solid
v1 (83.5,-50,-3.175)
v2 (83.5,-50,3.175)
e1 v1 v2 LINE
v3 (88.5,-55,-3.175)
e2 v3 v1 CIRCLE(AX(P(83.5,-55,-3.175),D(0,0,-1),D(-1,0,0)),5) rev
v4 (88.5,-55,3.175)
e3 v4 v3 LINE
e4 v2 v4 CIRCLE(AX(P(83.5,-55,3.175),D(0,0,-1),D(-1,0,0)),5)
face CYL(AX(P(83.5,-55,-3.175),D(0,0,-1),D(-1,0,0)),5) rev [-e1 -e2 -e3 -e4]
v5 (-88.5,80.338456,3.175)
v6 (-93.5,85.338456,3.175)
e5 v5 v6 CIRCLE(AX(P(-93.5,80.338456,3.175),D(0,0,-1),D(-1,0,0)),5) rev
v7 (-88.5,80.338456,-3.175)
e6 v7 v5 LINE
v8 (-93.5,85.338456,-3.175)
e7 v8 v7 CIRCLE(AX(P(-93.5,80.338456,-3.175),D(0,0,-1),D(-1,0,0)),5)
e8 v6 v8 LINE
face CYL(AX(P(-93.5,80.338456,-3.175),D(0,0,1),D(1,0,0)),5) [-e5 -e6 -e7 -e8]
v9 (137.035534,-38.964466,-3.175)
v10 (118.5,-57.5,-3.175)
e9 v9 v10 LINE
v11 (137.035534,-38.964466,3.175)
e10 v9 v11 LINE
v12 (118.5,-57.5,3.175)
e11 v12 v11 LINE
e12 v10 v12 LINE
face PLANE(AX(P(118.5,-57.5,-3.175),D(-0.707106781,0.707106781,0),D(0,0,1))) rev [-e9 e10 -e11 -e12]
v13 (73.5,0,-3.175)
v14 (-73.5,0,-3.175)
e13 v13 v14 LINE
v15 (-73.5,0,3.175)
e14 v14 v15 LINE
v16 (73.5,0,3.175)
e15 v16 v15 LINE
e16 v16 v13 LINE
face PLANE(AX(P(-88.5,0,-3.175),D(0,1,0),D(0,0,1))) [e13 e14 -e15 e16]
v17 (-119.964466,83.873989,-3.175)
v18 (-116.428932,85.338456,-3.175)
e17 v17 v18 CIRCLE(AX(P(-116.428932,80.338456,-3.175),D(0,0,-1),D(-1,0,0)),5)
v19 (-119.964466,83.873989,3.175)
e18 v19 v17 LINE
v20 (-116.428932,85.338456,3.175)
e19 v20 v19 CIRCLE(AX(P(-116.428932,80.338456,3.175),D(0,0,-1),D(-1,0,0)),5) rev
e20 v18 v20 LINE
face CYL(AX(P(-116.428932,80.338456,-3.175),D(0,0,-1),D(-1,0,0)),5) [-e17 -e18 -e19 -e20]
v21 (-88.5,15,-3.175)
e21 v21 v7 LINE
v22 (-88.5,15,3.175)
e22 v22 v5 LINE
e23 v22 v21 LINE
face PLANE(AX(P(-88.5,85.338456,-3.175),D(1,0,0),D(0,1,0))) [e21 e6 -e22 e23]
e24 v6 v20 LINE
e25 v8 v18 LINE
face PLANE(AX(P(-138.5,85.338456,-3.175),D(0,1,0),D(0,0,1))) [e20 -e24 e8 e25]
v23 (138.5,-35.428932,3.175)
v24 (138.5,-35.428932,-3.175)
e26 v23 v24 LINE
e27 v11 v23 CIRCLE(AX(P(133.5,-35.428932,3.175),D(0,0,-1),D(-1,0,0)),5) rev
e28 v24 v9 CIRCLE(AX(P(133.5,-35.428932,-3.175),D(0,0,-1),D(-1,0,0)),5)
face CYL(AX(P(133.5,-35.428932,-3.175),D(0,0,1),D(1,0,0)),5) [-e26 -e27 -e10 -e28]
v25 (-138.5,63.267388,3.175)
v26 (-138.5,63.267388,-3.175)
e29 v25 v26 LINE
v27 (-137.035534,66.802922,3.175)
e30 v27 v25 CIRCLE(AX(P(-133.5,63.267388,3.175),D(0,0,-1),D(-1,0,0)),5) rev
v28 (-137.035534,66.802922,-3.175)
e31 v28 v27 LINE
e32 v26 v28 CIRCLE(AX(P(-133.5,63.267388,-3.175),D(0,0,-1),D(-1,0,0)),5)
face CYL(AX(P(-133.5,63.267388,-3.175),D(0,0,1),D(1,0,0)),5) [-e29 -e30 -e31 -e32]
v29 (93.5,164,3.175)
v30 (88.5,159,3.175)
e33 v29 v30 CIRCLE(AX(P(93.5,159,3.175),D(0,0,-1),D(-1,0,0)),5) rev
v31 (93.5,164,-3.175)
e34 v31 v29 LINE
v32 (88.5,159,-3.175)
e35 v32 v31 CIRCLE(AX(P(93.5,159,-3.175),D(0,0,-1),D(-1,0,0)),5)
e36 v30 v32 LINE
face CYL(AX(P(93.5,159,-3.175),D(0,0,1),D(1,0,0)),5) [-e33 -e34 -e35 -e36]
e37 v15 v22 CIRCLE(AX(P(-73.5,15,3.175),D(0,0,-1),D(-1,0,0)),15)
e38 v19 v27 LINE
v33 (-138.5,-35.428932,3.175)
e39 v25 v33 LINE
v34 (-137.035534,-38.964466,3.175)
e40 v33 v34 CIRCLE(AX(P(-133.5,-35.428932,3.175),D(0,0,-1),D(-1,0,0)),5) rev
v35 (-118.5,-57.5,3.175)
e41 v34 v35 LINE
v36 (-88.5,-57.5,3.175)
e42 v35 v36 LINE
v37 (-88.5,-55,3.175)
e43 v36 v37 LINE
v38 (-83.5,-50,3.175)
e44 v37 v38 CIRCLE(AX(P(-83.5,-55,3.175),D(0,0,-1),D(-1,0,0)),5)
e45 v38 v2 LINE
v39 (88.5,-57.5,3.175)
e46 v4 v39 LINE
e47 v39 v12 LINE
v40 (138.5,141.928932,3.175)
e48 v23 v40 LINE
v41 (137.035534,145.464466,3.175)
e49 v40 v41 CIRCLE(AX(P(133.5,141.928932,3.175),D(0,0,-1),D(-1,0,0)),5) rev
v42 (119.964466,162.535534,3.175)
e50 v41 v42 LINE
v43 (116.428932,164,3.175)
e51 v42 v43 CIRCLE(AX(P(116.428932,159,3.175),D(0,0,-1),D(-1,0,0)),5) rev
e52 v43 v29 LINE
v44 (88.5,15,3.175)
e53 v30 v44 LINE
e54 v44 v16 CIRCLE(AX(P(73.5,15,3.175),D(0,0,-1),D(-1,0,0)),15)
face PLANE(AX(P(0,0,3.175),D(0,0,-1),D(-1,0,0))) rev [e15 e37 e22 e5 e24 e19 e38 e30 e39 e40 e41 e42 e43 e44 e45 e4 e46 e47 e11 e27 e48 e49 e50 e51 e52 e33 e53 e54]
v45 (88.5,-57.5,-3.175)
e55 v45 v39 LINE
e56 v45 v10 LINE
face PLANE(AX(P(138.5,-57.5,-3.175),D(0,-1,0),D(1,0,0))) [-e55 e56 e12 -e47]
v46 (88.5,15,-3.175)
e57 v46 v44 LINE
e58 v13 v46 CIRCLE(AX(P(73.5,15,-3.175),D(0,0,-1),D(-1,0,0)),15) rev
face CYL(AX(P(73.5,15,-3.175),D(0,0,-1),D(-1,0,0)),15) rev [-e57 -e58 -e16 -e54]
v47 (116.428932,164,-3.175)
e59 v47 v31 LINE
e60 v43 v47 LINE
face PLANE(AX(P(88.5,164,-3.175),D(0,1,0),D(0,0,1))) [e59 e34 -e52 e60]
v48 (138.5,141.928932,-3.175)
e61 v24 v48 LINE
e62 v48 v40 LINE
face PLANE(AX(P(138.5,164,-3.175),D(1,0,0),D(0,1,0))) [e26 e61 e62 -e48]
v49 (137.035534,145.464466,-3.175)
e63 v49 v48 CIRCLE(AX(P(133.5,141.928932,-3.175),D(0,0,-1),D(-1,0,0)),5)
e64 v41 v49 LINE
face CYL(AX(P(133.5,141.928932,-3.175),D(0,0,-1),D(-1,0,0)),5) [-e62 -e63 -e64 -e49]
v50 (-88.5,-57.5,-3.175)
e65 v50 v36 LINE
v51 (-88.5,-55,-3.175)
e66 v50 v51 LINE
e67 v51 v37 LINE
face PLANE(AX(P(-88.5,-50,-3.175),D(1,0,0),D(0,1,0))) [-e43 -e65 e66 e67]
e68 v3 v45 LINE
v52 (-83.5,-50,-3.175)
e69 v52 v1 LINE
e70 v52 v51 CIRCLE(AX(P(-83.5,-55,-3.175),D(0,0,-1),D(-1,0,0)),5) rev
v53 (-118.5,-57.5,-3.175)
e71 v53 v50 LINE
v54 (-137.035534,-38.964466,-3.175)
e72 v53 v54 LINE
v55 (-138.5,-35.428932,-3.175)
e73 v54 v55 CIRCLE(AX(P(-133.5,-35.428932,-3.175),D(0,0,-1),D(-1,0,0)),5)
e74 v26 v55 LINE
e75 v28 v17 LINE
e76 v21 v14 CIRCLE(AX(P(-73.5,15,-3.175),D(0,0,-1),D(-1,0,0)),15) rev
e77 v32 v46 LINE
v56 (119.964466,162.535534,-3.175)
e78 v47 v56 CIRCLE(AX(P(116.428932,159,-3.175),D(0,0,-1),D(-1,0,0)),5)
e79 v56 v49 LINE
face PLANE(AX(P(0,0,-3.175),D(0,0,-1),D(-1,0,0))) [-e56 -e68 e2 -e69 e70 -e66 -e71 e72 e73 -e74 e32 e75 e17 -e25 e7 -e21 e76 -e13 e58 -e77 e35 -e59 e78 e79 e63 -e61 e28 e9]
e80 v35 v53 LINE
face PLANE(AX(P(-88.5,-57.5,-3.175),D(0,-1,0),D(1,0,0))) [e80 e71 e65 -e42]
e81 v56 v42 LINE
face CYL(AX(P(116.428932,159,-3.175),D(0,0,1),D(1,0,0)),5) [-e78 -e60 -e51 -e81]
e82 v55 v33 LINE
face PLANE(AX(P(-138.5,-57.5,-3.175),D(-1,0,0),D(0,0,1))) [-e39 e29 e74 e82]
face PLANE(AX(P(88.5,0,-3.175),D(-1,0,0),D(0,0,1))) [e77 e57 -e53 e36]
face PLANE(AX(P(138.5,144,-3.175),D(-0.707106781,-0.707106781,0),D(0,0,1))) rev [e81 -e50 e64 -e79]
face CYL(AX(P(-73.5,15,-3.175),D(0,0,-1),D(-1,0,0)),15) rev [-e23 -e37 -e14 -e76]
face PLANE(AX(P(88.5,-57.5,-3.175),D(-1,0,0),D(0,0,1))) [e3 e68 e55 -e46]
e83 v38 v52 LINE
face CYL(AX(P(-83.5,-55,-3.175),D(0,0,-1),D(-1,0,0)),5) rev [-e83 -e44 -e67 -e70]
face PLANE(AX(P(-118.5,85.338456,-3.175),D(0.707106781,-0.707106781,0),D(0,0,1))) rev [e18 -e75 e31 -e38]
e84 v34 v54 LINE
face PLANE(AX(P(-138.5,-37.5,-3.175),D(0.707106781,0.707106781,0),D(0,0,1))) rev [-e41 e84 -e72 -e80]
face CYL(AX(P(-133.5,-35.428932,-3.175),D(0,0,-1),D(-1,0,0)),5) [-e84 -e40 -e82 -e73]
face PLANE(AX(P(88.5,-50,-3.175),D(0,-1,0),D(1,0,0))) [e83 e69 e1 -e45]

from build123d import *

# Parameters (mm, degrees)
BOSS_EXTRUDE1_DEPTH      = 3.175
BOSS_EXTRUDE1_DEPTH_BACK = 3.175
CHAMFER1_SIZE            = 20
FILLET1_R                = 15
FILLET2_R                = 5


with BuildPart() as part:
    # Sketch2 → Boss-Extrude1 (new body, two sides)
    with BuildSketch(Plane.XY) as boss_extrude1_sk:
        Polygon((-138.5, 85.338455572), (-88.5, 85.338455572), (-88.5, 0), (88.5, 0), (88.5, 164), (138.5, 164), (138.5, -57.5), (88.5, -57.5), (88.5, -50), (-88.5, -50), (-88.5, -57.5), (-138.5, -57.5), align=None)
    extrude(amount=BOSS_EXTRUDE1_DEPTH)
    extrude(boss_extrude1_sk.sketch, amount=-BOSS_EXTRUDE1_DEPTH_BACK)

    # Chamfer1
    chamfer1_edges = [part.edges().sort_by_distance(p)[0] for p in [
        (-138.5, 85.338455572, 0),
        (138.5, 164, 0),
        (138.5, -57.5, 0),
        (-138.5, -57.5, 0),
    ]]
    chamfer(chamfer1_edges, length=CHAMFER1_SIZE)

    # Fillet1
    fillet1_edges = [part.edges().sort_by_distance(p)[0] for p in [
        (-88.5, 0, 0),
        (88.5, 0, 0),
    ]]
    fillet(fillet1_edges, radius=FILLET1_R)

    # Fillet2
    fillet2_edges = [part.edges().sort_by_distance(p)[0] for p in [
        (-88.5, 85.338455572, 0),
        (88.5, 164, 0),
        (88.5, -50, 0),
        (-88.5, -50, 0),
        (-138.5, 65.338455572, 0),
        (-138.5, -37.5, 0),
        (138.5, 144, 0),
        (138.5, -37.5, 0),
        (118.5, 164, 0),
        (-118.5, 85.338455572, 0),
    ]]
    fillet(fillet2_edges, radius=FILLET2_R)


solid = part.part
